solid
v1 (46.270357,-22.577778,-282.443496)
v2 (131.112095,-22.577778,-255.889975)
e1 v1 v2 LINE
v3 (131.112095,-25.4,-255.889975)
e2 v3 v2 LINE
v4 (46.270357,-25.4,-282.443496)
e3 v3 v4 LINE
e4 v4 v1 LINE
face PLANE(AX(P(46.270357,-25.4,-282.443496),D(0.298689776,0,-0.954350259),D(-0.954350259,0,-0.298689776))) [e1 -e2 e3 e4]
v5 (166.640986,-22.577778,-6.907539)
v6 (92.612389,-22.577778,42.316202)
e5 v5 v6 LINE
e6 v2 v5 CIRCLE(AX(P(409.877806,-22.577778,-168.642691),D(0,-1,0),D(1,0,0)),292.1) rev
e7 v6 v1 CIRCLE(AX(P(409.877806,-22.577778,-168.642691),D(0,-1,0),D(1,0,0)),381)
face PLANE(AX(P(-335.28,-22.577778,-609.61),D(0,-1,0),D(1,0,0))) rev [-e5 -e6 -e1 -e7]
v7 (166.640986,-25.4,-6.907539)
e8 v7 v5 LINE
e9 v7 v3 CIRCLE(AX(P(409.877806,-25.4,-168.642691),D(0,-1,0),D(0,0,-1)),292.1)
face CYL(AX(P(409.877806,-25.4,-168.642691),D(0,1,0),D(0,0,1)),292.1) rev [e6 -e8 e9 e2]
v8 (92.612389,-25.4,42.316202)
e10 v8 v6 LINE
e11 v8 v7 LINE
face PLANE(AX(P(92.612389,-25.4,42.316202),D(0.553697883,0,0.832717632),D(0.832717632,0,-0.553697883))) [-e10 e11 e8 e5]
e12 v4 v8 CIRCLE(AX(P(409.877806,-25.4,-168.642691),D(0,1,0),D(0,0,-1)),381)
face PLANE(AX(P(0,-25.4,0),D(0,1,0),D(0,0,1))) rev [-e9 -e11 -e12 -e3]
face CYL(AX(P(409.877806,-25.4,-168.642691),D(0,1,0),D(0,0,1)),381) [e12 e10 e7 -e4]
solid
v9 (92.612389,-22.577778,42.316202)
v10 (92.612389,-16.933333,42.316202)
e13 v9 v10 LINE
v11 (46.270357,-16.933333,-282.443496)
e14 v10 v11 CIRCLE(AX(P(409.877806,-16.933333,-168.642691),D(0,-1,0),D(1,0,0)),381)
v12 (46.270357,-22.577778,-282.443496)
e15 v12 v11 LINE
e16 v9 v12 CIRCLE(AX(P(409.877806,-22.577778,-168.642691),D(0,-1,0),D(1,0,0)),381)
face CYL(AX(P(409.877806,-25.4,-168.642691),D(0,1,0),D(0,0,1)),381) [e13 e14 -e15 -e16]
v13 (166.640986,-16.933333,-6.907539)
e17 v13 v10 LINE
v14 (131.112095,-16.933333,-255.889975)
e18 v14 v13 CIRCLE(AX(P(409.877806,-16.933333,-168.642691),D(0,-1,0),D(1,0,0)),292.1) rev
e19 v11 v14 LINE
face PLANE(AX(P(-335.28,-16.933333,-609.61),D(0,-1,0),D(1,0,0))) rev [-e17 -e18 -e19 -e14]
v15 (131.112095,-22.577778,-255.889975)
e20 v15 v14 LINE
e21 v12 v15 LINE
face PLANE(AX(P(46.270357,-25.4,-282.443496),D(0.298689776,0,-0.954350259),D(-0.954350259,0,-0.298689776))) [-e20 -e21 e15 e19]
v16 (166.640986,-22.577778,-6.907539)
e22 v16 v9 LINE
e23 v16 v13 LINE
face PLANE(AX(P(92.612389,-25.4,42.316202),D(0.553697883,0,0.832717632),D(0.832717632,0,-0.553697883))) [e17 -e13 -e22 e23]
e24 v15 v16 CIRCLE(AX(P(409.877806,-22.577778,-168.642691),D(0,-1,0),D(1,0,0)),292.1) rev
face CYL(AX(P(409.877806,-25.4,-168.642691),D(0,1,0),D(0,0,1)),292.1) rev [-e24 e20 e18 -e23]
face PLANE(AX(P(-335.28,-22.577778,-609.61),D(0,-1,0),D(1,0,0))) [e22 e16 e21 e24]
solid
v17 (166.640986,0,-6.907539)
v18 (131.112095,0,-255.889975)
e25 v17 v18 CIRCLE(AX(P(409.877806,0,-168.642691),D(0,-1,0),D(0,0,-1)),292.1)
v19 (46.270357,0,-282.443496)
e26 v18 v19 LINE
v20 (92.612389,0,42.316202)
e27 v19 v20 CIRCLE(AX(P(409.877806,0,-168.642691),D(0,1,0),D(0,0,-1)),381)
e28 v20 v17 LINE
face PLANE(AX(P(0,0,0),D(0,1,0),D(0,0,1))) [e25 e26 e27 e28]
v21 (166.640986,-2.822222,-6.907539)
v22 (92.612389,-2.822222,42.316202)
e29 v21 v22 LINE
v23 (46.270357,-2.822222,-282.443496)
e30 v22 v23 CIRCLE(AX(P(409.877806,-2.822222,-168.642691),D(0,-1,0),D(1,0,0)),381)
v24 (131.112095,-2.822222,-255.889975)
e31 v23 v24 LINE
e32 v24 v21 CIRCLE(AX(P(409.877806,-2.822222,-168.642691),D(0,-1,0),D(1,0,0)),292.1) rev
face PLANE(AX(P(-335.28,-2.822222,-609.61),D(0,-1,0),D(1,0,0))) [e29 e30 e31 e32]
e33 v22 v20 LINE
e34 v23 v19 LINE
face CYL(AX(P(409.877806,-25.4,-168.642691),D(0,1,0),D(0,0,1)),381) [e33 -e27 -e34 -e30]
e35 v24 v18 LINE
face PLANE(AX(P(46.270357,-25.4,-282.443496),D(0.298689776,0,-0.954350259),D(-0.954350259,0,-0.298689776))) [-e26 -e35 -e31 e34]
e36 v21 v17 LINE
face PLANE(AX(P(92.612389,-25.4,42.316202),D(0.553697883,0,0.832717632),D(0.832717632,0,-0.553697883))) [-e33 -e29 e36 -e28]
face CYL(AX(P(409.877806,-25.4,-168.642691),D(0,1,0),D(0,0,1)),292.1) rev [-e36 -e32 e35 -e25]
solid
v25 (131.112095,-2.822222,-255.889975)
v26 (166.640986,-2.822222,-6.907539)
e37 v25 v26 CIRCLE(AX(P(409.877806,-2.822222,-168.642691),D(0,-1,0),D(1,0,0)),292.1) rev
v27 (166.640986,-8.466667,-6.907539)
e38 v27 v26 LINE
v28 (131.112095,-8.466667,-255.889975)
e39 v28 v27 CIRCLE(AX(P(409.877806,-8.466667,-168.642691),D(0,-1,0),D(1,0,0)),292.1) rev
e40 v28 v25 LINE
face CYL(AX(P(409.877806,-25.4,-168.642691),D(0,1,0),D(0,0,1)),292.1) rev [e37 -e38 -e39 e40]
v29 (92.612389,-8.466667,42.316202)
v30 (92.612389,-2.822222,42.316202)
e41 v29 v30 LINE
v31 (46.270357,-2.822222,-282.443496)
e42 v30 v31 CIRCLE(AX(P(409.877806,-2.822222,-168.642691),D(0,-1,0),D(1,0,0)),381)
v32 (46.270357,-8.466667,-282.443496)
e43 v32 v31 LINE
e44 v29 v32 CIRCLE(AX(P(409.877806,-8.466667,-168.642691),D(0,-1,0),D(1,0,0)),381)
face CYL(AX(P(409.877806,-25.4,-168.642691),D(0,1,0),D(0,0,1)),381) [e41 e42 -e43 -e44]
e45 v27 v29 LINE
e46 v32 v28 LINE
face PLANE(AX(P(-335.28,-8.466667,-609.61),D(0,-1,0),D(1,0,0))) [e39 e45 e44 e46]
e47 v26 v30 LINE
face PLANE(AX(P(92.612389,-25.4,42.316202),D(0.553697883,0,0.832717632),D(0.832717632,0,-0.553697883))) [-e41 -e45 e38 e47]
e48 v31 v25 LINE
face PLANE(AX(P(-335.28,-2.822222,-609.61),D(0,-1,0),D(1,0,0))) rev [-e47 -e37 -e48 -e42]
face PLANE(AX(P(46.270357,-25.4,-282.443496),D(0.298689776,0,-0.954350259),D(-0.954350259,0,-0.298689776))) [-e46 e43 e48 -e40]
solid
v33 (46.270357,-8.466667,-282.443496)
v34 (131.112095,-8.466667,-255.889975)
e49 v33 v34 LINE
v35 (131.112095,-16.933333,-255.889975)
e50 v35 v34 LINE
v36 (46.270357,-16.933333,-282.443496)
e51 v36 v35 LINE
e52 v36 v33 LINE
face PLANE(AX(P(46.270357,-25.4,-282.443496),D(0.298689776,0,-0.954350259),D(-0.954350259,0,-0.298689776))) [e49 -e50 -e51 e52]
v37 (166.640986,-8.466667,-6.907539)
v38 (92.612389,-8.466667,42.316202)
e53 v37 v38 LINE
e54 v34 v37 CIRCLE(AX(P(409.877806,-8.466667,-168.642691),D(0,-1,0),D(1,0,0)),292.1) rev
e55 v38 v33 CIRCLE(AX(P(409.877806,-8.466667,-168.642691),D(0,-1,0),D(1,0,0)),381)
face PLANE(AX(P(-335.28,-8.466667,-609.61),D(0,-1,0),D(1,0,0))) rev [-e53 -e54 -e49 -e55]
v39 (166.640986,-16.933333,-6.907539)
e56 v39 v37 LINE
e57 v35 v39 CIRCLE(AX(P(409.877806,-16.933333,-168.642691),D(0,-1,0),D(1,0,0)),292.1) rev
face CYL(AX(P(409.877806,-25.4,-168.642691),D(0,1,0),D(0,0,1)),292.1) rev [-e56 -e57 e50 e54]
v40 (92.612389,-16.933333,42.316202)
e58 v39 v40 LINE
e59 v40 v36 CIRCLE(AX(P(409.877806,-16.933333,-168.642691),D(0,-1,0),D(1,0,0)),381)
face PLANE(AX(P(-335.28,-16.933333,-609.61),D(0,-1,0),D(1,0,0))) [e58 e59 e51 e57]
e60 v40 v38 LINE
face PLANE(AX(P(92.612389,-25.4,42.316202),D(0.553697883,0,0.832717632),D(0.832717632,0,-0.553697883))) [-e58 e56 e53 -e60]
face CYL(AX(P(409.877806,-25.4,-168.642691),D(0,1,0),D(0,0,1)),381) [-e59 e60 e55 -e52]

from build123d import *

# Parameters (mm, degrees)
SKETCH3_W                = 609.6
SKETCH3_H                = 1219.2
BOSS_EXTRUDE1_DEPTH      = 25.4
SPLIT1_SURFACE_1_1_BACK  = 1364.344
SPLIT1_SURFACE_1_1_DEPTH = 2728.688
SPLIT1_SURFACE_1_2_BACK  = 1364.344
SPLIT1_SURFACE_1_2_DEPTH = 2728.688
SPLIT1_SURFACE_2_3_BACK  = 1364.344
SPLIT1_SURFACE_2_3_DEPTH = 2728.688
SPLIT1_SURFACE_2_4_BACK  = 1364.344
SPLIT1_SURFACE_2_4_DEPTH = 2728.688
SPLIT1_SURFACE_3_5_BACK  = 1364.344
SPLIT1_SURFACE_3_5_DEPTH = 2728.688
SPLIT1_SURFACE_3_6_BACK  = 1364.344
SPLIT1_SURFACE_3_6_DEPTH = 2728.688
SPLIT1_SURFACE_4_7_BACK  = 1364.344
SPLIT1_SURFACE_4_7_DEPTH = 2728.688
SPLIT1_SURFACE_4_8_BACK  = 1364.344
SPLIT1_SURFACE_4_8_DEPTH = 2728.688
SKETCH6_W                = 609.6
SKETCH6_H                = 1219.2
CUT_EXTRUDE1_DEPTH       = 25.4


with BuildPart() as part:
    # Sketch3 → Boss-Extrude1 (new body)
    with BuildSketch(Plane(origin=(0, 0, 0), x_dir=(1, 0, 0), z_dir=(0, 1, 0))):
        Rectangle(SKETCH3_W, SKETCH3_H)
    extrude(amount=-BOSS_EXTRUDE1_DEPTH)


with BuildPart() as body_2:
    # Split1: the piece behind the surface
    add(part.part)
    # Split1 surface 1: a surface, the sketch's curves swept straight by 2728.688 mm
    with BuildLine(Plane.XY.offset(-SPLIT1_SURFACE_1_1_BACK), mode=Mode.PRIVATE) as split1_surface_1_1_path:
        Line((-335.28, -22.577777778), (335.28, -22.577777778))
    split1_surface_1_1 = Shell.extrude(split1_surface_1_1_path.wire(), (0 * SPLIT1_SURFACE_1_1_DEPTH, 0 * SPLIT1_SURFACE_1_1_DEPTH, 1 * SPLIT1_SURFACE_1_1_DEPTH))
    split(bisect_by=split1_surface_1_1, keep=Keep.BOTTOM)


with BuildPart() as part_1:
    add(part.part)

    # Split1: split by a surface, the side it looks to stays
    # Split1 surface 1: a surface, the sketch's curves swept straight by 2728.688 mm
    with BuildLine(Plane.XY.offset(-SPLIT1_SURFACE_1_2_BACK), mode=Mode.PRIVATE) as split1_surface_1_2_path:
        Line((-335.28, -22.577777778), (335.28, -22.577777778))
    split1_surface_1_2 = Shell.extrude(split1_surface_1_2_path.wire(), (0 * SPLIT1_SURFACE_1_2_DEPTH, 0 * SPLIT1_SURFACE_1_2_DEPTH, 1 * SPLIT1_SURFACE_1_2_DEPTH))
    split(bisect_by=split1_surface_1_2, keep=Keep.TOP)


with BuildPart() as body_3:
    # Split1 2: the piece behind the surface
    add(part_1.part)
    # Split1 surface 2: a surface, the sketch's curves swept straight by 2728.688 mm
    with BuildLine(Plane.XY.offset(-SPLIT1_SURFACE_2_3_BACK), mode=Mode.PRIVATE) as split1_surface_2_3_path:
        Line((-335.28, -16.933333333), (335.28, -16.933333333))
    split1_surface_2_3 = Shell.extrude(split1_surface_2_3_path.wire(), (0 * SPLIT1_SURFACE_2_3_DEPTH, 0 * SPLIT1_SURFACE_2_3_DEPTH, 1 * SPLIT1_SURFACE_2_3_DEPTH))
    split(bisect_by=split1_surface_2_3, keep=Keep.BOTTOM)


with BuildPart() as part_2:
    add(part_1.part)

    # Split1 2: split by a surface, the side it looks to stays
    # Split1 surface 2: a surface, the sketch's curves swept straight by 2728.688 mm
    with BuildLine(Plane.XY.offset(-SPLIT1_SURFACE_2_4_BACK), mode=Mode.PRIVATE) as split1_surface_2_4_path:
        Line((-335.28, -16.933333333), (335.28, -16.933333333))
    split1_surface_2_4 = Shell.extrude(split1_surface_2_4_path.wire(), (0 * SPLIT1_SURFACE_2_4_DEPTH, 0 * SPLIT1_SURFACE_2_4_DEPTH, 1 * SPLIT1_SURFACE_2_4_DEPTH))
    split(bisect_by=split1_surface_2_4, keep=Keep.TOP)


with BuildPart() as body_4_2:
    # Split1 3: the piece behind the surface
    add(part_2.part)
    # Split1 surface 3: a surface, the sketch's curves swept straight by 2728.688 mm
    with BuildLine(Plane.XY.offset(-SPLIT1_SURFACE_3_5_BACK), mode=Mode.PRIVATE) as split1_surface_3_5_path:
        Line((-335.28, -2.822222222), (335.28, -2.822222222))
    split1_surface_3_5 = Shell.extrude(split1_surface_3_5_path.wire(), (0 * SPLIT1_SURFACE_3_5_DEPTH, 0 * SPLIT1_SURFACE_3_5_DEPTH, 1 * SPLIT1_SURFACE_3_5_DEPTH))
    split(bisect_by=split1_surface_3_5, keep=Keep.BOTTOM)


with BuildPart() as part_3:
    add(part_2.part)

    # Split1 3: split by a surface, the side it looks to stays
    # Split1 surface 3: a surface, the sketch's curves swept straight by 2728.688 mm
    with BuildLine(Plane.XY.offset(-SPLIT1_SURFACE_3_6_BACK), mode=Mode.PRIVATE) as split1_surface_3_6_path:
        Line((-335.28, -2.822222222), (335.28, -2.822222222))
    split1_surface_3_6 = Shell.extrude(split1_surface_3_6_path.wire(), (0 * SPLIT1_SURFACE_3_6_DEPTH, 0 * SPLIT1_SURFACE_3_6_DEPTH, 1 * SPLIT1_SURFACE_3_6_DEPTH))
    split(bisect_by=split1_surface_3_6, keep=Keep.TOP)


with BuildPart() as body_5_2:
    # Split1 4 body 4 2: the piece behind the surface
    add(body_4_2.part)
    # Split1 surface 4: a surface, the sketch's curves swept straight by 2728.688 mm
    with BuildLine(Plane.XY.offset(-SPLIT1_SURFACE_4_7_BACK), mode=Mode.PRIVATE) as split1_surface_4_7_path:
        Line((-335.28, -8.466666667), (335.28, -8.466666667))
    split1_surface_4_7 = Shell.extrude(split1_surface_4_7_path.wire(), (0 * SPLIT1_SURFACE_4_7_DEPTH, 0 * SPLIT1_SURFACE_4_7_DEPTH, 1 * SPLIT1_SURFACE_4_7_DEPTH))
    split(bisect_by=split1_surface_4_7, keep=Keep.BOTTOM)


with BuildPart() as body_4_2_1:
    add(body_4_2.part)

    # Split1 4 body 4 2: split by a surface, the side it looks to stays
    # Split1 surface 4: a surface, the sketch's curves swept straight by 2728.688 mm
    with BuildLine(Plane.XY.offset(-SPLIT1_SURFACE_4_8_BACK), mode=Mode.PRIVATE) as split1_surface_4_8_path:
        Line((-335.28, -8.466666667), (335.28, -8.466666667))
    split1_surface_4_8 = Shell.extrude(split1_surface_4_8_path.wire(), (0 * SPLIT1_SURFACE_4_8_DEPTH, 0 * SPLIT1_SURFACE_4_8_DEPTH, 1 * SPLIT1_SURFACE_4_8_DEPTH))
    split(bisect_by=split1_surface_4_8, keep=Keep.TOP)


with BuildPart() as cut_extrude1_tool:
    # Sketch6 → Cut-Extrude1 (new body)
    with BuildSketch(Plane(origin=(0, 0, 0), x_dir=(1, 0, 0), z_dir=(0, 1, 0))):
        Rectangle(SKETCH6_W, SKETCH6_H)
        with BuildLine():
            Line((46.270357382, 282.443495849), (131.11209545, 255.889974774))
            ThreePointArc((131.11209545, 255.889974774), (120.707054174, 127.379073549), (166.640986072, 6.907539493))
            Line((166.640986072, 6.907539493), (92.612388628, -42.316202343))
            ThreePointArc((92.612388628, -42.316202343), (32.698564412, 114.820581208), (46.270357382, 282.443495849))
        make_face(mode=Mode.SUBTRACT)
    extrude(amount=-CUT_EXTRUDE1_DEPTH)


with BuildPart() as part_4:
    add(part_3.part)

    # Cut-Extrude1: cut by cut_extrude1_tool
    add(cut_extrude1_tool.part, mode=Mode.SUBTRACT)


with BuildPart() as body_2_1:
    add(body_2.part)

    # Cut-Extrude1: cut by cut_extrude1_tool
    add(cut_extrude1_tool.part, mode=Mode.SUBTRACT)


with BuildPart() as body_3_1:
    add(body_3.part)

    # Cut-Extrude1: cut by cut_extrude1_tool
    add(cut_extrude1_tool.part, mode=Mode.SUBTRACT)


with BuildPart() as body_4_2_2:
    add(body_4_2_1.part)

    # Cut-Extrude1: cut by cut_extrude1_tool
    add(cut_extrude1_tool.part, mode=Mode.SUBTRACT)


with BuildPart() as body_5_2_1:
    add(body_5_2.part)

    # Cut-Extrude1: cut by cut_extrude1_tool
    add(cut_extrude1_tool.part, mode=Mode.SUBTRACT)


solid = Compound([part_4.part, body_2_1.part, body_3_1.part, body_4_2_2.part, body_5_2_1.part])
